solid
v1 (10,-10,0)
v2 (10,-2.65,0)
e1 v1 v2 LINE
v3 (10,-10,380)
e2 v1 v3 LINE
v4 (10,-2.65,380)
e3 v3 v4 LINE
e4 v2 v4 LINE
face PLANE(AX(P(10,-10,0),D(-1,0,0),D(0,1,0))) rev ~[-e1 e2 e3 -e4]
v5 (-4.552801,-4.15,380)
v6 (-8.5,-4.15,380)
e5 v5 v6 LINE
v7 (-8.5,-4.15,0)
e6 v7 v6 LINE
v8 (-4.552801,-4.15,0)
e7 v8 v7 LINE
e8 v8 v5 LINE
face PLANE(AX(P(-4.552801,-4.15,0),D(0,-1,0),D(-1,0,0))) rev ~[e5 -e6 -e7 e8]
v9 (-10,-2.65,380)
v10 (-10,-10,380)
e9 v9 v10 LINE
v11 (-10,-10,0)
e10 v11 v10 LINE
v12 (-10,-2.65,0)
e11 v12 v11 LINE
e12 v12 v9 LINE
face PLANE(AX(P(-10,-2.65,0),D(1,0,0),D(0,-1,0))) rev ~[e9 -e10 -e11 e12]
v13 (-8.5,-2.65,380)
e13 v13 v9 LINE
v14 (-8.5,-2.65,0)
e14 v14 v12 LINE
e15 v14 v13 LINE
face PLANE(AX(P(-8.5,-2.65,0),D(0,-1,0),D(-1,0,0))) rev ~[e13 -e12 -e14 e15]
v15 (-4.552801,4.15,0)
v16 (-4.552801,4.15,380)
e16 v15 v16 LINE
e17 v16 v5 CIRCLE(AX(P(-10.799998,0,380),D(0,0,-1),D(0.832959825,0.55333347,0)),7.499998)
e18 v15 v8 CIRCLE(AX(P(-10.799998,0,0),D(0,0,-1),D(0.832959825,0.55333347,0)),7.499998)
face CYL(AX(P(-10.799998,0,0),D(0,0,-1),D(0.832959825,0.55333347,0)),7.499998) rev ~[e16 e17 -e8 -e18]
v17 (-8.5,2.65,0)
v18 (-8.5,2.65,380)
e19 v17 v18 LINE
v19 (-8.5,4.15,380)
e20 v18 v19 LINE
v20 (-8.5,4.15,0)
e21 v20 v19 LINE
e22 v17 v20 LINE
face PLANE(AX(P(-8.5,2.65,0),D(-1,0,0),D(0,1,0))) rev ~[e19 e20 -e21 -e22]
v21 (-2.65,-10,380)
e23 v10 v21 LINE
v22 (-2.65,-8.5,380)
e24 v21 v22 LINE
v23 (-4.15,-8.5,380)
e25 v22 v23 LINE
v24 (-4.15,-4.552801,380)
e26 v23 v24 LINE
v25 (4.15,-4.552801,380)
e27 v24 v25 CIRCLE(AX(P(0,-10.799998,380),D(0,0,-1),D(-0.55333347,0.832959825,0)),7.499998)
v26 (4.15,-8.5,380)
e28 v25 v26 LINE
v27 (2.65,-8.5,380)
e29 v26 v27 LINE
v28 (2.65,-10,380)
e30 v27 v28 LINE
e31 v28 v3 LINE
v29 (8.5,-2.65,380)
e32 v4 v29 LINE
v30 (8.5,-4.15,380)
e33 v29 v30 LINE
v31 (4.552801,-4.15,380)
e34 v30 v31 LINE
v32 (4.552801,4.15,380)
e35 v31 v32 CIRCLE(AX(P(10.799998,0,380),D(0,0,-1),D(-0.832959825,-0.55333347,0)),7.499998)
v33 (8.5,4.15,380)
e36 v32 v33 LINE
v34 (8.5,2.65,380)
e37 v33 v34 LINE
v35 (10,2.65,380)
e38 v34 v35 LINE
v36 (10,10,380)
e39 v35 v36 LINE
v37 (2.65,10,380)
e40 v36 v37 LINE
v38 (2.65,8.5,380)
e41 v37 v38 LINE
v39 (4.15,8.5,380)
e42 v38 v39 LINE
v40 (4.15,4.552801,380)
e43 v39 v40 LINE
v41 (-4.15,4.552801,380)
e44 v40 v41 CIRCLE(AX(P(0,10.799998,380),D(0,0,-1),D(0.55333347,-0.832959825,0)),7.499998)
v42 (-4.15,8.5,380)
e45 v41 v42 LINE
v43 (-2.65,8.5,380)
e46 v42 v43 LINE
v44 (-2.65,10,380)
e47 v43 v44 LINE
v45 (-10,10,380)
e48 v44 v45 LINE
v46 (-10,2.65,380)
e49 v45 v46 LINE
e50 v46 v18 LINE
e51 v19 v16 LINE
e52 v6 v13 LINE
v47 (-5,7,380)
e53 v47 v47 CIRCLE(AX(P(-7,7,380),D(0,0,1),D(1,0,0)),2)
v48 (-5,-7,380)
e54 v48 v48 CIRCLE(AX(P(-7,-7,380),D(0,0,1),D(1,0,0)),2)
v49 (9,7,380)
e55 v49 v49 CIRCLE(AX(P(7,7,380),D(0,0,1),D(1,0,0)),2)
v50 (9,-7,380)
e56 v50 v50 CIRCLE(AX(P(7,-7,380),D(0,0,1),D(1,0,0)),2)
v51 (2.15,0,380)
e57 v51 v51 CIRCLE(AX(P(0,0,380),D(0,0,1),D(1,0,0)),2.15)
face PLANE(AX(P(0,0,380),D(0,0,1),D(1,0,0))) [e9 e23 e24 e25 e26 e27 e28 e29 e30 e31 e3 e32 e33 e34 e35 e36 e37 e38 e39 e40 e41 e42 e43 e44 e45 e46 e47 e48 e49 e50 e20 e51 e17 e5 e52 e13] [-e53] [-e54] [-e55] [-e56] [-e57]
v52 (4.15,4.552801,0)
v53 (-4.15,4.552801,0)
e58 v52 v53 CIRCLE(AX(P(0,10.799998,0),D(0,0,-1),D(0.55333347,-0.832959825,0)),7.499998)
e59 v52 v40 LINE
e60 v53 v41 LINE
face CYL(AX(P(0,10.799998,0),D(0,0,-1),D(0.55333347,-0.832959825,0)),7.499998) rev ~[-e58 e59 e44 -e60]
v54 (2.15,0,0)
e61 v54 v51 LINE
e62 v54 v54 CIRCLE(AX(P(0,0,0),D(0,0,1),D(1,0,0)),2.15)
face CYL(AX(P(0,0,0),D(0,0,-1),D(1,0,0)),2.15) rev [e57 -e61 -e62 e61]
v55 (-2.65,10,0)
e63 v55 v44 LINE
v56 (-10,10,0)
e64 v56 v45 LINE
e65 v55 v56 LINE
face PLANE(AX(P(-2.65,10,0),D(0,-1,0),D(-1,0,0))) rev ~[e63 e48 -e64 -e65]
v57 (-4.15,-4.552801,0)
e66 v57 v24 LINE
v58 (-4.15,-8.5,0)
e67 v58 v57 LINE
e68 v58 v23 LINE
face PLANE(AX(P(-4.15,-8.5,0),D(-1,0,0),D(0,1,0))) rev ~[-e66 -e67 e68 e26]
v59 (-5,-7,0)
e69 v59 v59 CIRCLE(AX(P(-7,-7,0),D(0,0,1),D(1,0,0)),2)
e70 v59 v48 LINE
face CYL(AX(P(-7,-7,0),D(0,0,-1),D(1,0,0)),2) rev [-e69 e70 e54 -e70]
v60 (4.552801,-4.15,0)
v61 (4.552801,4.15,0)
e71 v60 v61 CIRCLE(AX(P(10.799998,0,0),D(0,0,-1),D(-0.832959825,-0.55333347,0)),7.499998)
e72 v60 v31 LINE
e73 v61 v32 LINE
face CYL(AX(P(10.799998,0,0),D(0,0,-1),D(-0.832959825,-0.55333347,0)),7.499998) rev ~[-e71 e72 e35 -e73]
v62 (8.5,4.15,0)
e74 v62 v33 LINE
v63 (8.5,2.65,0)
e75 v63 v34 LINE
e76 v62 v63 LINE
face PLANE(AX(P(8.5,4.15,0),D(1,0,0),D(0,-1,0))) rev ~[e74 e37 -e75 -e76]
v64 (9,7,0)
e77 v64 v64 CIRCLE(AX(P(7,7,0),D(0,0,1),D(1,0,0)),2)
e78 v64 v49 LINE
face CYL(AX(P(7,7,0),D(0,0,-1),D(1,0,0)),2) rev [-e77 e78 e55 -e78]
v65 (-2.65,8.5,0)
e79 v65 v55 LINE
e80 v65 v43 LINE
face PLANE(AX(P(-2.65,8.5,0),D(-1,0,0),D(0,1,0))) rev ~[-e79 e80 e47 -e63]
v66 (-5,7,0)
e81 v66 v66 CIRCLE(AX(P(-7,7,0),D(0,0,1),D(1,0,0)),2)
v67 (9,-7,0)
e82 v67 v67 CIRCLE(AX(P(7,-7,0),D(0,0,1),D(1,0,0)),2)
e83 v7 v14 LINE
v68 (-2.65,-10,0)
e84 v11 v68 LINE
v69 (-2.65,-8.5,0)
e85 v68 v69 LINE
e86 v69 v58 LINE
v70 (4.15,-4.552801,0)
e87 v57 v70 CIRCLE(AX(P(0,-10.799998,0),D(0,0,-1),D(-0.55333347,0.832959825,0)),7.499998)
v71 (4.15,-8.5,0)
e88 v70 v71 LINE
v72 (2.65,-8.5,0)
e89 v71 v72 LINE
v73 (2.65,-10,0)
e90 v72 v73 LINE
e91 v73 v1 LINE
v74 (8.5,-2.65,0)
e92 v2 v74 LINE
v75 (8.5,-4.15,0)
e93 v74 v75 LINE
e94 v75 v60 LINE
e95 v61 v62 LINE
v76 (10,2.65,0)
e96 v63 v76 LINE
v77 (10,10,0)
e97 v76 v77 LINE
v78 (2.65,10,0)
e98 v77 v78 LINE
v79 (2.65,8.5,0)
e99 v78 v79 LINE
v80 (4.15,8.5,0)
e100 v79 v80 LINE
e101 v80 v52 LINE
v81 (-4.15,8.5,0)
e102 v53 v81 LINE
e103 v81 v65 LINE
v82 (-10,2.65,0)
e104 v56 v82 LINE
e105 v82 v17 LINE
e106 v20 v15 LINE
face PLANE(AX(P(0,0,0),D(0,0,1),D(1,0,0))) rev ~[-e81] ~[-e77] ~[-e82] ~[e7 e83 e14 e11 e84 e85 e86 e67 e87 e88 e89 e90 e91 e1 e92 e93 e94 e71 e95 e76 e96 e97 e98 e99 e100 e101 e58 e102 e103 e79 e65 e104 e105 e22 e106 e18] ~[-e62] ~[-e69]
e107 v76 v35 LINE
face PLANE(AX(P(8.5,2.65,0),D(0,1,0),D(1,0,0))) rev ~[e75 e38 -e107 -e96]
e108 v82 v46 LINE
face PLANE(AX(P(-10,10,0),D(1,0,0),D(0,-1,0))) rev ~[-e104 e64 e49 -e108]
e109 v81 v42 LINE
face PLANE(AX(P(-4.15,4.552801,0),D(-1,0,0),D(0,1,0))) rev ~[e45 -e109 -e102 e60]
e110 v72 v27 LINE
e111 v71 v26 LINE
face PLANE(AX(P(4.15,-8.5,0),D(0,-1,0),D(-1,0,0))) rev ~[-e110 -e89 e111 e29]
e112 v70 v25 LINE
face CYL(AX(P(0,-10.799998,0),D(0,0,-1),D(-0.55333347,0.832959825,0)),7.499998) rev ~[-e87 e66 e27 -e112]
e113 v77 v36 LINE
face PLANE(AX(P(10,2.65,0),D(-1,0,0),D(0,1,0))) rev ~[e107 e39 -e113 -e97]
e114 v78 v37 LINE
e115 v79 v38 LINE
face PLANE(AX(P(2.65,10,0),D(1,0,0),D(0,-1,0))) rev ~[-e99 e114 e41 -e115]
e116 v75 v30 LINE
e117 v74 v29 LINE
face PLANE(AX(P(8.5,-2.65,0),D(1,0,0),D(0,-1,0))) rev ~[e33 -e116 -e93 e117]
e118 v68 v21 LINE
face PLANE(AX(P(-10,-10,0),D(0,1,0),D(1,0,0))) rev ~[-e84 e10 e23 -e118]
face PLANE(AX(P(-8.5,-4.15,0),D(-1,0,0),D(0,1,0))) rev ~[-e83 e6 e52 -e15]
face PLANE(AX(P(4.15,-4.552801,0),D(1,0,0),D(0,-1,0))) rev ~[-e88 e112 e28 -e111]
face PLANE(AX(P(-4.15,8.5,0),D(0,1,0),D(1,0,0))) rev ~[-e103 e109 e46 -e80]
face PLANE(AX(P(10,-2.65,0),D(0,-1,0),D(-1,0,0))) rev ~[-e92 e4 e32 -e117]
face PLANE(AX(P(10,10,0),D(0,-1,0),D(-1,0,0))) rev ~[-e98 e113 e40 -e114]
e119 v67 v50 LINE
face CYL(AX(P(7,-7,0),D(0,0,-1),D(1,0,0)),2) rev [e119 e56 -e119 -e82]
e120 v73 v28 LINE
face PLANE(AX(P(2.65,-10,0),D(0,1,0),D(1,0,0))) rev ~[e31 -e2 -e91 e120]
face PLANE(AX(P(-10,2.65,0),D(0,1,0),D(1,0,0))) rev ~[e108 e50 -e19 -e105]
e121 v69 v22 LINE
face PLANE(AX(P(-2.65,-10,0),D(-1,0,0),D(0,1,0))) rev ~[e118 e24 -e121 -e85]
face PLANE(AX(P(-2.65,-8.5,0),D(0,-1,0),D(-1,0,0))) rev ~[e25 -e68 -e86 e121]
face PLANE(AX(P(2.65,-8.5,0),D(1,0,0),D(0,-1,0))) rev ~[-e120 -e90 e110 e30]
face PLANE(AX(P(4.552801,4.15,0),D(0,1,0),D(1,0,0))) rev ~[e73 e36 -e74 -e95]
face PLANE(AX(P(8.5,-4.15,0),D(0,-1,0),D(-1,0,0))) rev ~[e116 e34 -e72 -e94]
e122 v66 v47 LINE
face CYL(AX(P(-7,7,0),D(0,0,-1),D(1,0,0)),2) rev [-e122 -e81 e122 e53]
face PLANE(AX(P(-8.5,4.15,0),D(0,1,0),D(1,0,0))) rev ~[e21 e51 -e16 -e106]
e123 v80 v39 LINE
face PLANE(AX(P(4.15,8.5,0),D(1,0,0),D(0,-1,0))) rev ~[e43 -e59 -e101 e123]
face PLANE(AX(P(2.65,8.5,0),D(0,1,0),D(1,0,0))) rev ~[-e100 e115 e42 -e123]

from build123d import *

# Parameters (mm, degrees)
F0_R     = 2
F0_R_2   = 2.15
F1_DEPTH = 380


with BuildPart() as f1:
    # F0 (on Top) → F1 (new body)
    with BuildSketch(Plane.XY):
        with BuildLine():
            Line((-10, 10), (-10, 2.65))
            Line((-10, 2.65), (-8.5, 2.65))
            Line((-8.5, 2.65), (-8.5, 4.15))
            Line((-8.5, 4.15), (-4.552801, 4.15))
            ThreePointArc((-4.552801, 4.15), (-3.3, 0), (-4.552801, -4.15))
            Line((-4.552801, -4.15), (-8.5, -4.15))
            Line((-8.5, -4.15), (-8.5, -2.65))
            Line((-8.5, -2.65), (-10, -2.65))
            Line((-10, -2.65), (-10, -10))
            Line((-10, -10), (-2.65, -10))
            Line((-2.65, -10), (-2.65, -8.5))
            Line((-2.65, -8.5), (-4.15, -8.5))
            Line((-4.15, -8.5), (-4.15, -4.552801))
            ThreePointArc((-4.15, -4.552801), (0, -3.3), (4.15, -4.552801))
            Line((4.15, -4.552801), (4.15, -8.5))
            Line((4.15, -8.5), (2.65, -8.5))
            Line((2.65, -8.5), (2.65, -10))
            Line((2.65, -10), (10, -10))
            Line((10, -10), (10, -2.65))
            Line((10, -2.65), (8.5, -2.65))
            Line((8.5, -2.65), (8.5, -4.15))
            Line((8.5, -4.15), (4.552801, -4.15))
            ThreePointArc((4.552801, -4.15), (3.3, 0), (4.552801, 4.15))
            Line((4.552801, 4.15), (8.5, 4.15))
            Line((8.5, 4.15), (8.5, 2.65))
            Line((8.5, 2.65), (10, 2.65))
            Line((10, 2.65), (10, 10))
            Line((10, 10), (2.65, 10))
            Line((2.65, 10), (2.65, 8.5))
            Line((2.65, 8.5), (4.15, 8.5))
            Line((4.15, 8.5), (4.15, 4.552801))
            ThreePointArc((4.15, 4.552801), (0, 3.3), (-4.15, 4.552801))
            Line((-4.15, 4.552801), (-4.15, 8.5))
            Line((-4.15, 8.5), (-2.65, 8.5))
            Line((-2.65, 8.5), (-2.65, 10))
            Line((-2.65, 10), (-10, 10))
        make_face()
        with Locations((-7, -7)):
            Circle(F0_R, mode=Mode.SUBTRACT)
        with Locations((7, -7)):
            Circle(F0_R, mode=Mode.SUBTRACT)
        with Locations((-7, 7)):
            Circle(F0_R, mode=Mode.SUBTRACT)
        Circle(F0_R_2, mode=Mode.SUBTRACT)
        with Locations((7, 7)):
            Circle(F0_R, mode=Mode.SUBTRACT)
    extrude(amount=F1_DEPTH)


solid = f1.part
